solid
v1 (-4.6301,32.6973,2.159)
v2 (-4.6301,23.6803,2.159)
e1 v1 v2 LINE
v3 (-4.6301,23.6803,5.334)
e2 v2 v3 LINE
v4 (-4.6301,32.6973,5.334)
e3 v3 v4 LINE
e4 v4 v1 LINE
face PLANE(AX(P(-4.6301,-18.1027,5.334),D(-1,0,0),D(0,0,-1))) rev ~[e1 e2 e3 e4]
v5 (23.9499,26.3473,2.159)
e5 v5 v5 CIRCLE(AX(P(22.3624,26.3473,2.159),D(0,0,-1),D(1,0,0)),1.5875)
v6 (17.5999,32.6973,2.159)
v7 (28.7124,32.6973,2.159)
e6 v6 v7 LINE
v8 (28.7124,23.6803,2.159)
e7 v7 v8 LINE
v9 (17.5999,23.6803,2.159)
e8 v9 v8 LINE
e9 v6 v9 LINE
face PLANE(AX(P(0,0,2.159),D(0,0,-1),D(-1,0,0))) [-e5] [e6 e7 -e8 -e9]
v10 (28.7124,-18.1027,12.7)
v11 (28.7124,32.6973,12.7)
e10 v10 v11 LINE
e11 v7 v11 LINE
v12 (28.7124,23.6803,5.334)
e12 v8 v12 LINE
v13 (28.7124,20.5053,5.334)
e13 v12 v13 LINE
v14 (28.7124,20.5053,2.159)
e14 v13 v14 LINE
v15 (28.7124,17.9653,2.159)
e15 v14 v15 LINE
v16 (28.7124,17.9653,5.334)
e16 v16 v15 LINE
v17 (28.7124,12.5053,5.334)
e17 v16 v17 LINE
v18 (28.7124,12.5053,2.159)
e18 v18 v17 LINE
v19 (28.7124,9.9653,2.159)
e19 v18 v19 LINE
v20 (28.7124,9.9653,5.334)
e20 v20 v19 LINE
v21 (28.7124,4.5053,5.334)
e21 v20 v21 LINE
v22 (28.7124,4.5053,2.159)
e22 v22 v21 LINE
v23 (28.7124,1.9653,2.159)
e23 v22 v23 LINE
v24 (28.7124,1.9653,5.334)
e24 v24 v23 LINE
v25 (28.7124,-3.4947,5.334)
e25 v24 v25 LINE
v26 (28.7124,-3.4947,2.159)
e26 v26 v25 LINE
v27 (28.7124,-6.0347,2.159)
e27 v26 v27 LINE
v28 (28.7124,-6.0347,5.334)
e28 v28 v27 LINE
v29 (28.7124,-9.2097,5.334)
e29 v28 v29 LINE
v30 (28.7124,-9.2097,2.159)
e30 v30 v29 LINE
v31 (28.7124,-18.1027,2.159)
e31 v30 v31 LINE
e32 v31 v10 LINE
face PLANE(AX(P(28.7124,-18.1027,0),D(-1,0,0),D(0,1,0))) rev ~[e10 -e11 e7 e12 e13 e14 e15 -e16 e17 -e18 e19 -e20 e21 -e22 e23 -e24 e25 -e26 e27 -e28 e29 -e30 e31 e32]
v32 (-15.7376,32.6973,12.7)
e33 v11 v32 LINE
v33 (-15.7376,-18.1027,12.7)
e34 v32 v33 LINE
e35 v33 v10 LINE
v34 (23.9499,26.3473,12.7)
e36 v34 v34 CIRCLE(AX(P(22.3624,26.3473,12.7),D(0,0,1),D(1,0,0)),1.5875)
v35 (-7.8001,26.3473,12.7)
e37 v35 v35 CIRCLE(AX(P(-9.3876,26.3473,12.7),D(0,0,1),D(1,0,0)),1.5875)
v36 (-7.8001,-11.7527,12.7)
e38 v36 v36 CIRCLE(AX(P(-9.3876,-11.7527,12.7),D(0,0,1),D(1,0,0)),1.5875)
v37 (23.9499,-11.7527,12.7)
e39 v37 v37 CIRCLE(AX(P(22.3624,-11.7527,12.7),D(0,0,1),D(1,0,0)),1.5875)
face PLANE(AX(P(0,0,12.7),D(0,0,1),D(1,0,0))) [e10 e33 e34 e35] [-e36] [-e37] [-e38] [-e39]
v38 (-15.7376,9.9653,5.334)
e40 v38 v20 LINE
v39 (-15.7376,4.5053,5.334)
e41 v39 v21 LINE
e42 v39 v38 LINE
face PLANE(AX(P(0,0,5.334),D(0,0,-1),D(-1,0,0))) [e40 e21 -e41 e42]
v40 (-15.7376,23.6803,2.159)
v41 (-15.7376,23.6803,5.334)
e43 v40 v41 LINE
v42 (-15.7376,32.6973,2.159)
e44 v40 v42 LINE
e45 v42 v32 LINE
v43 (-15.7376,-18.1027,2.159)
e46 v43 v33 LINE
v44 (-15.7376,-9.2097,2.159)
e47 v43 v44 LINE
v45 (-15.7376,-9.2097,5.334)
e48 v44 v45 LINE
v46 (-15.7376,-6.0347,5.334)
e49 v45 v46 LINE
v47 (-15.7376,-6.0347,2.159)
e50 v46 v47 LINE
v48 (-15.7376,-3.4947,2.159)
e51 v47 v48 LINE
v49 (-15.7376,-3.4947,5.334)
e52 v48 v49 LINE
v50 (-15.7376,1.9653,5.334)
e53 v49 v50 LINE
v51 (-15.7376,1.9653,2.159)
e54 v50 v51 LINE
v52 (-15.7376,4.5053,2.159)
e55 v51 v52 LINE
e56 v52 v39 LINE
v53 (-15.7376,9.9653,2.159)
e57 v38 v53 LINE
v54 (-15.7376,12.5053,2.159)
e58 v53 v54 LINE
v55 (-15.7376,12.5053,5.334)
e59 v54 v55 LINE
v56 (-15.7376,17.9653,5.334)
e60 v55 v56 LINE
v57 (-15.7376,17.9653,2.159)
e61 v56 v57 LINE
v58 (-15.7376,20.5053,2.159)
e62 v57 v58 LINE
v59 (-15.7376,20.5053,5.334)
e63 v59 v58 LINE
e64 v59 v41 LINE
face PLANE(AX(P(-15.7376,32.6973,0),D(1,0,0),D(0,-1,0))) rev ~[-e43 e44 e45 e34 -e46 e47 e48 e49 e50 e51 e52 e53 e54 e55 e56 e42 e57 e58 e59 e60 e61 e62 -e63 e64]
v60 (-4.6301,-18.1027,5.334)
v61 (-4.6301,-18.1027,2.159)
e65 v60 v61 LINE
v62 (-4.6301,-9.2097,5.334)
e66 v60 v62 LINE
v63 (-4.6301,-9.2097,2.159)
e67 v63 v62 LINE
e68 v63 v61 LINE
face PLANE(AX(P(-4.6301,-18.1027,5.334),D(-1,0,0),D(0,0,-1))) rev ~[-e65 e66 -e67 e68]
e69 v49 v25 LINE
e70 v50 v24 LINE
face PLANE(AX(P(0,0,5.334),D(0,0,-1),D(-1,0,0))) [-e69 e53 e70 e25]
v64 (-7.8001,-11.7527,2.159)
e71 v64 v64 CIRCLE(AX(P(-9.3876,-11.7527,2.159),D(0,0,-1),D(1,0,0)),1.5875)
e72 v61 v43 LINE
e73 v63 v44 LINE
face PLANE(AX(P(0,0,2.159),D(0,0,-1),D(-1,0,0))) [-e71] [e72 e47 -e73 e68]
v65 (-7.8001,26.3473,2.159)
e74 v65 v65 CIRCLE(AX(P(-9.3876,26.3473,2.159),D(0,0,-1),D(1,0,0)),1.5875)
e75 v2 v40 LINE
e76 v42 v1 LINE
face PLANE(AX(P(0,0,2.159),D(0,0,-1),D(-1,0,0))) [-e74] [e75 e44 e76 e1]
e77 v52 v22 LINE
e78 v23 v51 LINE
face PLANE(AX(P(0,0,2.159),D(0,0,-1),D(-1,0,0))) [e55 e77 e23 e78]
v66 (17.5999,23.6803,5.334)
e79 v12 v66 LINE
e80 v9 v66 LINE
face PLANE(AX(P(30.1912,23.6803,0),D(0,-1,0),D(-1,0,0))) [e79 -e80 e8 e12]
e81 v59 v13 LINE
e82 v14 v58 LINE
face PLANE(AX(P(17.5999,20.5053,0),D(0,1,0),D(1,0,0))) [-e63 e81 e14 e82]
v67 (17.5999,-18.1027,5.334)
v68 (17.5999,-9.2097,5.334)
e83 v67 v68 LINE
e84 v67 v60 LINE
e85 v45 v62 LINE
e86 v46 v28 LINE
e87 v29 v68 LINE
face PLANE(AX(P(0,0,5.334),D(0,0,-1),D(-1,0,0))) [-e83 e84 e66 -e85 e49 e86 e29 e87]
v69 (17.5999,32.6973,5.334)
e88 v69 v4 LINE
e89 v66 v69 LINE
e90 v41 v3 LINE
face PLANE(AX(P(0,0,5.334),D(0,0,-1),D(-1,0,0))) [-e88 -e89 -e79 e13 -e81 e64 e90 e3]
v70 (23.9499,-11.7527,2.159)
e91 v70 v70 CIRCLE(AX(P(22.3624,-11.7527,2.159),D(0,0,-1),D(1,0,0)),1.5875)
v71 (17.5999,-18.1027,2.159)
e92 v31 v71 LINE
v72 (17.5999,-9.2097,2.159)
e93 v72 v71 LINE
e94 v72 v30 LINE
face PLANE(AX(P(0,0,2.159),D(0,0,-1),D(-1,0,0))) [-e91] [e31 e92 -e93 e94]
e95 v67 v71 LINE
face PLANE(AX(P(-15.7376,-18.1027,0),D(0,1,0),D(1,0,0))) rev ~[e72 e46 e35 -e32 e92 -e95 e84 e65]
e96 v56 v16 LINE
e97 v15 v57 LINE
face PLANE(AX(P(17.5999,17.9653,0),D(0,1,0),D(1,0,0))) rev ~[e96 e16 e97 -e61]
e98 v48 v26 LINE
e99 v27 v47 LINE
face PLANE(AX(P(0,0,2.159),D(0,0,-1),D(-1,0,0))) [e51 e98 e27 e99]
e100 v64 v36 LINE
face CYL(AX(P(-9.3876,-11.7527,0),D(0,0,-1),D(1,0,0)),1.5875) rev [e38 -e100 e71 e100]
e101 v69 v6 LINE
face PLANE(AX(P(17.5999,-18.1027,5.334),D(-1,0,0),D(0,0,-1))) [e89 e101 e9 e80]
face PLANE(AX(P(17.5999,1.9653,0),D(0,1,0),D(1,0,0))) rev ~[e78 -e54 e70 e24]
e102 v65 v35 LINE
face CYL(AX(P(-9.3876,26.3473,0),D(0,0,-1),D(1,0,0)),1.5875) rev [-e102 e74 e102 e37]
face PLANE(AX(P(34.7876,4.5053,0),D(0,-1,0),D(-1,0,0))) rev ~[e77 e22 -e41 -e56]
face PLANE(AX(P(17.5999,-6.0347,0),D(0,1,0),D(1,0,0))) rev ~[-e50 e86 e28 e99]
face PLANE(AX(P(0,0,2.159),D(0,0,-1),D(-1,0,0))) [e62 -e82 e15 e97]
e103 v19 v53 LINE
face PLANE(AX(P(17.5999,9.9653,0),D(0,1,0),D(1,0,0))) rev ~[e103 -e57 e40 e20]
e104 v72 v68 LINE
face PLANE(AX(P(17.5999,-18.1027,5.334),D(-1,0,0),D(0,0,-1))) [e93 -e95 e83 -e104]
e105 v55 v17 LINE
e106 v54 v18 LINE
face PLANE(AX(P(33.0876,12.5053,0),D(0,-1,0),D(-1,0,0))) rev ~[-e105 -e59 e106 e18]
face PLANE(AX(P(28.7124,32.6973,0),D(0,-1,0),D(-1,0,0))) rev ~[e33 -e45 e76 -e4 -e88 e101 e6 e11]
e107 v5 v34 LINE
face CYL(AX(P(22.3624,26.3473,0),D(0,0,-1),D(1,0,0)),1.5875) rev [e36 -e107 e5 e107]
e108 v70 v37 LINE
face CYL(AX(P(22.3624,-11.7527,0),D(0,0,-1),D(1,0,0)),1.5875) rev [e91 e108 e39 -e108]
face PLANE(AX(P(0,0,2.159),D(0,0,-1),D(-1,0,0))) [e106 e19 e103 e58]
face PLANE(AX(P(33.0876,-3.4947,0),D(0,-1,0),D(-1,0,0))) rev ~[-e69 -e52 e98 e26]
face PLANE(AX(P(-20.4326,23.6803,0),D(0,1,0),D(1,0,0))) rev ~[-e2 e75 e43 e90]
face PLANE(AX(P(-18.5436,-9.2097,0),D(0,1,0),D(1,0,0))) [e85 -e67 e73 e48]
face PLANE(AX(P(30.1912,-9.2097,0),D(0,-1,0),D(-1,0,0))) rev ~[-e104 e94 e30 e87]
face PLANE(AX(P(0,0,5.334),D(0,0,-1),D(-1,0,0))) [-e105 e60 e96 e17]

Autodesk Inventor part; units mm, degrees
ref_plane "YZ Plane" through (0, 0, 0) normal (1, 0, 0) x (0, 1, 0)
ref_plane "XZ Plane" through (0, 0, 0) normal (0, 1, 0) x (-1, 0, 0)
sketch "Sketch1" plane through (0, 0, 0) normal (0, 0, 1) x (1, 0, 0)
  circle A0 centre (22.3624, 26.3473) radius 1.5875
  circle A1 centre (22.3624, -11.7527) radius 1.5875
  circle A2 centre (-9.3876, 26.3473) radius 1.5875
  circle A3 centre (-9.3876, -11.7527) radius 1.5875
  line L0 (28.7124, 32.6973) -> (-15.7376, 32.6973)
  line L1 (-15.7376, 32.6973) -> (-15.7376, -18.1027)
  line L2 (-15.7376, -18.1027) -> (28.7124, -18.1027)
  line L3 (28.7124, -18.1027) -> (28.7124, 32.6973)
  point P0 (-3.5123, 7.2973)
  dimension "d26" = 50.8
  dimension "d27" = 44.45
  dimension "d28" = 6.35
  dimension "d29" = 6.35
  dimension "d30" = 6.35
  dimension "d31" = 6.35
  dimension "d32" = 6.35
  dimension "d33" = 6.35
  dimension "d34" = 6.35
  dimension "d35" = 6.35
  dimension "d44" = 3.175
  dimension "d45" = 3.175
  dimension "d46" = 3.175
  dimension "d47" = 3.175
extrude "Extrusion1" add sketch "Sketch1" along normal blind 12.7
sketch "Sketch2" plane through (-15.7376, -18.1027, 0) normal (0, -1, 0) x (1, 0, 0)
  line L0 (11.1075, 69.4178) -> (11.1075, 0)
  line L1 (33.3375, 69.1638) -> (33.3375, 0)
  line L2 (11.1075, 0) -> (33.3375, 0)
  line L3 (0, 9.525) -> (44.45, 9.525)
  line L4 (11.1075, 0) -> (33.3375, 0)
  line L5 (33.3375, 0) -> (33.3375, 5.334)
  line L6 (33.3375, 5.334) -> (11.1075, 5.334)
  line L7 (11.1075, 5.334) -> (11.1075, 0)
  line L8 (0, 0) -> (44.45, 0) projected
  point P0 (15.875, 0)
  point P1 (11.1075, 5.334)
  dimension "d2" = 5.334
  dimension "d21" = 0
extrude "Extrusion2" cut sketch "Sketch2" against normal blind 76.2 contours L6 L1 L2 L0
ref_plane "Work Plane1" through (-16.0653, -32.8267, -33.655) normal (0, 0, -1) x (0, 1, 0)
sketch "Sketch3" plane through (17.5999, -18.1027, 5.334) normal (0, 0, -1) x (-1, 0, 0)
  line L0 (0, 0) -> (0, 50.8) projected
  line L1 (0, 36.068) -> (22.23, 36.068)
  line L2 (22.23, 36.068) -> (22.23, 38.608)
  line L3 (22.23, 38.608) -> (0, 38.608)
  line L4 (0, 38.608) -> (0, 36.068)
  line L5 (0, 50.8) -> (22.23, 50.8) projected
  line L6 (33.3375, 65.3946) -> (33.3375, 0) projected
  line L7 (0, 28.068) -> (22.23, 28.068)
  line L8 (22.23, 28.068) -> (22.23, 30.608)
  line L9 (22.23, 30.608) -> (0, 30.608)
  line L10 (0, 30.608) -> (0, 28.068)
  line L11 (0, 20.068) -> (22.23, 20.068)
  line L12 (22.23, 20.068) -> (22.23, 22.608)
  line L13 (22.23, 22.608) -> (0, 22.608)
  line L14 (0, 22.608) -> (0, 20.068)
  line L15 (0, 12.068) -> (22.23, 12.068)
  line L16 (22.23, 12.068) -> (22.23, 14.608)
  line L17 (22.23, 14.608) -> (0, 14.608)
  line L18 (0, 14.608) -> (0, 12.068)
  point P0 (17.5999, 18.1027)
  point P1 (0, 14.608)
  point P2 (0, 12.068)
  point P3 (0, 22.608)
  point P4 (0, 20.068)
  point P5 (0, 30.608)
  point P6 (0, 28.068)
  point P7 (0, 38.608)
  dimension "d6" = 12.192
  dimension "d7" = 2.54
  dimension "d10" = 8
extrude "Extrusion3" add sketch "Sketch3" along normal blind 5.334
sketch "Sketch4" plane through (0, 0, 0) normal (0, 0, -1) x (-1, 0, 0)
  line L0 (-17.5999, 12.5053) -> (4.6301, 12.5053) projected
  line L1 (4.6301, 12.5053) -> (4.6301, 17.9653)
  line L2 (4.6301, 17.9653) -> (-17.5999, 17.9653) projected
  line L3 (-17.5999, 12.5053) -> (-17.5999, 17.9653)
  line L4 (-17.5999, 4.5053) -> (4.6301, 4.5053) projected
  line L5 (4.6301, 4.5053) -> (4.6301, 9.9653)
  line L6 (4.6301, 9.9653) -> (-17.5999, 9.9653) projected
  line L7 (-17.5999, 4.5053) -> (-17.5999, 9.9653)
  line L8 (4.6301, 1.9653) -> (-17.5999, 1.9653) projected
  line L9 (-17.5999, -3.4947) -> (-17.5999, 1.9653)
  line L10 (-17.5999, -3.4947) -> (4.6301, -3.4947) projected
  line L11 (4.6301, -3.4947) -> (4.6301, 1.9653)
  line L12 (4.6301, 20.5053) -> (4.6301, 32.6973) projected
  line L13 (4.6301, 20.5053) -> (20.4326, 20.5053)
  line L14 (20.4326, 20.5053) -> (20.4326, 23.6803)
  line L15 (20.4326, 23.6803) -> (4.6301, 23.6803)
  line L16 (4.6301, 23.6803) -> (4.6301, 20.5053)
  line L17 (4.6301, -6.0347) -> (-17.5999, -6.0347) projected
  line L18 (4.6301, -6.0347) -> (18.5436, -6.0347)
  line L19 (18.5436, -6.0347) -> (18.5436, -9.2097)
  line L20 (18.5436, -9.2097) -> (4.6301, -9.2097)
  line L21 (4.6301, -9.2097) -> (4.6301, -6.0347)
  line L22 (4.6301, 12.5053) -> (4.6301, 17.9653) projected
  line L23 (4.6301, 17.9653) -> (23.203, 17.9653)
  line L24 (23.203, 17.9653) -> (23.203, 12.5053)
  line L25 (23.203, 12.5053) -> (4.6301, 12.5053)
  line L26 (4.6301, 12.5053) -> (4.6301, 17.9653)
  line L27 (4.6301, 9.9653) -> (4.6301, 4.5053) projected
  line L28 (4.6301, 9.9653) -> (22.3845, 9.9653)
  line L29 (22.3845, 9.9653) -> (22.3845, 4.5053)
  line L30 (22.3845, 4.5053) -> (4.6301, 4.5053)
  line L31 (4.6301, 4.5053) -> (4.6301, 9.9653)
  line L32 (4.6301, 1.9653) -> (4.6301, -3.4947) projected
  line L33 (4.6301, 1.9653) -> (21.9437, 1.9653)
  line L34 (21.9437, 1.9653) -> (21.9437, -3.4947)
  line L35 (21.9437, -3.4947) -> (4.6301, -3.4947)
  line L36 (4.6301, -3.4947) -> (4.6301, 1.9653)
  line L37 (-17.5999, 17.9653) -> (-33.0876, 17.9653)
  line L38 (-33.0876, 17.9653) -> (-33.0876, 12.5053)
  line L39 (-33.0876, 12.5053) -> (-17.5999, 12.5053)
  line L40 (-17.5999, 12.5053) -> (-17.5999, 17.9653)
  line L41 (-17.5999, 9.9653) -> (-34.7876, 9.9653)
  line L42 (-34.7876, 9.9653) -> (-34.7876, 4.5053)
  line L43 (-34.7876, 4.5053) -> (-17.5999, 4.5053)
  line L44 (-17.5999, 4.5053) -> (-17.5999, 9.9653)
  line L45 (-17.5999, 1.9653) -> (4.6301, 1.9653) projected
  line L46 (-17.5999, 1.9653) -> (-33.0876, 1.9653)
  line L47 (-33.0876, 1.9653) -> (-33.0876, -3.4947)
  line L48 (-33.0876, -3.4947) -> (-17.5999, -3.4947)
  line L49 (-17.5999, -3.4947) -> (-17.5999, 1.9653)
  line L50 (-17.5999, 20.5053) -> (-30.1912, 20.5053)
  line L51 (-30.1912, 20.5053) -> (-30.1912, 23.6803)
  line L52 (-30.1912, 23.6803) -> (-17.5999, 23.6803)
  line L53 (-17.5999, 23.6803) -> (-17.5999, 20.5053)
  line L54 (-17.5999, -6.0347) -> (-30.1912, -6.0347)
  line L55 (-30.1912, -6.0347) -> (-30.1912, -9.2097)
  line L56 (-30.1912, -9.2097) -> (-17.5999, -9.2097)
  line L57 (-17.5999, -9.2097) -> (-17.5999, -6.0347)
  point P0 (-17.5999, -3.4947)
  point P1 (4.6301, -3.4947)
  point P2 (-17.5999, 4.5053)
  point P3 (4.6301, 4.5053)
  point P4 (-17.5999, 12.5053)
  point P5 (4.6301, 12.5053)
  point P6 (4.6301, 23.6803)
  dimension "d40" = 3.175
  dimension "d41" = 3.175
  dimension "d42" = 3.175
  dimension "d43" = 3.175
extrude "Extrusion4" cut sketch "Sketch4" against normal blind 5.334 contours L39 L38 L37 L3 | L1 L23 L24 L25 | L43 L42 L41 L7 | L5 L28 L29 L30 | L33 L34 L35 L11 | L9 L48 L47 L46 | L12 L15 L14 L13 | L57 L56 L55 L54 | L18 L19 L20 L21 | L50 L51 L52 L53
sketch "Sketch5" plane through (0, 0, 0) normal (0, 0, -1) x (-1, 0, 0)
  line L0 (17.6982, 39.5282) -> (-30.6897, 39.5282)
  line L1 (-30.6897, 39.5282) -> (-30.6897, -19.7169)
  line L2 (-30.6897, -19.7169) -> (17.6982, -19.7169)
  line L3 (17.6982, -19.7169) -> (17.6982, 39.5282)
extrude "Extrusion5" cut sketch "Sketch5" against normal blind 2.159
properties part number "Belt Clamp"
